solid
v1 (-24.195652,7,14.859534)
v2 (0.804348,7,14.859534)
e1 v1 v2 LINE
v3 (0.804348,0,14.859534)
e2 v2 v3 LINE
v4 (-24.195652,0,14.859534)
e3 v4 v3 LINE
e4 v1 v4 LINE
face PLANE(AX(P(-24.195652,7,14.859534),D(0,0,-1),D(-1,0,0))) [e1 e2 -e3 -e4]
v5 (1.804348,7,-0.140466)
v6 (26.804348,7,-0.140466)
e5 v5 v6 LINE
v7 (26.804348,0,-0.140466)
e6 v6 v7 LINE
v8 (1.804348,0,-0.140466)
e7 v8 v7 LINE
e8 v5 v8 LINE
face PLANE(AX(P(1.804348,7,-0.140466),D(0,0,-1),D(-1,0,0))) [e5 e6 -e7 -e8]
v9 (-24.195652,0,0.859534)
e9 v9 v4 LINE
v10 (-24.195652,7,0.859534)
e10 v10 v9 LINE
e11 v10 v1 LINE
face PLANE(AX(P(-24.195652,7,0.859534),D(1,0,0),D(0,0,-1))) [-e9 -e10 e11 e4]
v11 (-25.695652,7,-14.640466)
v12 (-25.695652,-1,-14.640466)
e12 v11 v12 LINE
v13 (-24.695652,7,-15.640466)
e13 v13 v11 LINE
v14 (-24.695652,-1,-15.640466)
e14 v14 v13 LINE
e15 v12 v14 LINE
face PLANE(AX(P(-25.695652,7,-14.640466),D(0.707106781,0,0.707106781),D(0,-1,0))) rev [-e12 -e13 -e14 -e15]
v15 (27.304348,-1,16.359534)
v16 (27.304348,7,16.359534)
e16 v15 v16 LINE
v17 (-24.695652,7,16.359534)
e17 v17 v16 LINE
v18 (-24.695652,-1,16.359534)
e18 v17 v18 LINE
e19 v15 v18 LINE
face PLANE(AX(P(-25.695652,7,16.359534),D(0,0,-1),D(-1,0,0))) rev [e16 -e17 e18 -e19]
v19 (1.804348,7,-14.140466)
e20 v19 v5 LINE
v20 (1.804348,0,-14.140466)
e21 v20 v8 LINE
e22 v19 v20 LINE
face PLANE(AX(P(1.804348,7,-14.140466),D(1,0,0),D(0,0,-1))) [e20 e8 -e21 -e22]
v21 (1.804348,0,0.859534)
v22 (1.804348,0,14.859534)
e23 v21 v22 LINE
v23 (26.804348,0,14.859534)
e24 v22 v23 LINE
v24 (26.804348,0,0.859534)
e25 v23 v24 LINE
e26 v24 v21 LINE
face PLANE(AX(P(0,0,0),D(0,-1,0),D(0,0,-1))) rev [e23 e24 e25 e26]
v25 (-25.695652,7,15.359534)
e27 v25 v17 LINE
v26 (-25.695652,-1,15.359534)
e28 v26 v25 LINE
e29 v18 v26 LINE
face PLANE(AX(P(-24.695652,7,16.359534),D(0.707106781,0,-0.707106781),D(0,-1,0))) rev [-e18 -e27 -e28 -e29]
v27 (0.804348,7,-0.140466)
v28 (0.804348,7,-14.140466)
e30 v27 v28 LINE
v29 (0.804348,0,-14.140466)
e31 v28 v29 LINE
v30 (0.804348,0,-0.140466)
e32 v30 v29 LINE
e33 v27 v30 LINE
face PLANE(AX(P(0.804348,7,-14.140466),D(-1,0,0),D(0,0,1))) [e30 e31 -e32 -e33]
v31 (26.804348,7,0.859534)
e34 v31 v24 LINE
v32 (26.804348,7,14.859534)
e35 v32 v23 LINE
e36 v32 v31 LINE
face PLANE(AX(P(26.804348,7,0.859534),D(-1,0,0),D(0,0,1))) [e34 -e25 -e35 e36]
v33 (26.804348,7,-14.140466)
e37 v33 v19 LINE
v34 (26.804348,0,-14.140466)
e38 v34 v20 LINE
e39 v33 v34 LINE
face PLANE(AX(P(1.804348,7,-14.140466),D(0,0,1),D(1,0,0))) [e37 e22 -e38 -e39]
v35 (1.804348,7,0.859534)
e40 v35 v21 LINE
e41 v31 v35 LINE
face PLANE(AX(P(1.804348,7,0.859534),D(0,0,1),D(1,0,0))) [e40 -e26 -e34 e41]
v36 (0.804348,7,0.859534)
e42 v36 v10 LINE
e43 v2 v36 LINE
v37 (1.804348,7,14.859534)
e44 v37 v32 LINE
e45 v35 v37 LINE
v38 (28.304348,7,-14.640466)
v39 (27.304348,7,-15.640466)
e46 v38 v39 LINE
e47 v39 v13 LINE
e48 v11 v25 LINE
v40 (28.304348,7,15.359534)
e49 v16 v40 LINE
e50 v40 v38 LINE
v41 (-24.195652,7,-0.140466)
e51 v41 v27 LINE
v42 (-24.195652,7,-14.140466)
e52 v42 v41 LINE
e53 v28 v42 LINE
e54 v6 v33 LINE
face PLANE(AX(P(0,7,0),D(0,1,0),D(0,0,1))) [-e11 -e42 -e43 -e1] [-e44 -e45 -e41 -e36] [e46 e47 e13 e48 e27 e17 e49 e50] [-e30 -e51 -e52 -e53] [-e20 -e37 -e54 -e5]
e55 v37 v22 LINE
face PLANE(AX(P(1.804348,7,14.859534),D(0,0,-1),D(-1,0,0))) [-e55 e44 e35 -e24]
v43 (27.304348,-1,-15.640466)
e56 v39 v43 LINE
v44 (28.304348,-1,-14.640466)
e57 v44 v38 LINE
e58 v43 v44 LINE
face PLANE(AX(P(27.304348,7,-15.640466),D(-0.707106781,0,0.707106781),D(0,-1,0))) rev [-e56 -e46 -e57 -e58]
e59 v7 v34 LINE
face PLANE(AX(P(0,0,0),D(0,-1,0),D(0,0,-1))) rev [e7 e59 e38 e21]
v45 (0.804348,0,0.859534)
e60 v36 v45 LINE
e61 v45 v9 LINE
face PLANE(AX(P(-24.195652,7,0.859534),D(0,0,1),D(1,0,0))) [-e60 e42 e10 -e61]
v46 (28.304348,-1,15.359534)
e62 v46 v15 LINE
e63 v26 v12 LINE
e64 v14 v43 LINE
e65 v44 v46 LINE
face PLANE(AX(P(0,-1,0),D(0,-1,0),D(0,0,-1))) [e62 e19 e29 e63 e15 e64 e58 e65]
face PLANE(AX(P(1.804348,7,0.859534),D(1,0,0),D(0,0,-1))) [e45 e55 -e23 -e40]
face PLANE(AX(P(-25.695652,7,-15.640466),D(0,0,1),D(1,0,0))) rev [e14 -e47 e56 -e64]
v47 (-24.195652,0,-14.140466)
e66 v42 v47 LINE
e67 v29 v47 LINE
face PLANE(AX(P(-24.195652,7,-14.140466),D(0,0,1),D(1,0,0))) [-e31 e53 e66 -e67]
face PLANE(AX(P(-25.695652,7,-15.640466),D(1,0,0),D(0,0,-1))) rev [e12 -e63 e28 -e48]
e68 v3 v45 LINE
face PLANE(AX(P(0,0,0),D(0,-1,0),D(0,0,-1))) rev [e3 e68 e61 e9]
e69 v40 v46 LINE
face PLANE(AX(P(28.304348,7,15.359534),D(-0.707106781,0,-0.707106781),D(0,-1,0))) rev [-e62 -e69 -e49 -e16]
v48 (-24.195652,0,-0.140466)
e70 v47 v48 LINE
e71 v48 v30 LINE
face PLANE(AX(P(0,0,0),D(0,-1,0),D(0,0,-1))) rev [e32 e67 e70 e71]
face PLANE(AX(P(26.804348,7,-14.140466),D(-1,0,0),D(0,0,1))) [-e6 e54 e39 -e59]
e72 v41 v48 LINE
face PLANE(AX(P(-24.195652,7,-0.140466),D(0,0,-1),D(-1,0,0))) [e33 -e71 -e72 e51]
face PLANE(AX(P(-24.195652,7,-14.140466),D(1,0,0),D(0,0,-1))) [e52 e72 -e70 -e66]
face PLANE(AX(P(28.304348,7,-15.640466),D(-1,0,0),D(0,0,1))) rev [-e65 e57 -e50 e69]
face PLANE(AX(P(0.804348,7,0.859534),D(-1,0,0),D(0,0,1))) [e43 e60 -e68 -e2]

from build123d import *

# Parameters (mm, degrees)
SKETCH1_W           = 54
SKETCH1_H           = 32
SKETCH1_W_2         = 25
SKETCH1_H_2         = 14
BOSS_EXTRUDE1_DEPTH = 7
SKETCH2_W           = 54
SKETCH2_H           = 32
BOSS_EXTRUDE2_DEPTH = 1
CHAMFER1_SIZE       = 1


with BuildPart() as part:
    # Sketch1 → Boss-Extrude1 (new body)
    with BuildSketch(Plane(origin=(0, 0, 0), x_dir=(1, 0, 0), z_dir=(0, 1, 0))):
        with Locations((1.304347826, -0.359533527)):
            Rectangle(SKETCH1_W, SKETCH1_H)
        with Locations((-11.695652174, 7.140466473)):
            Rectangle(SKETCH1_W_2, SKETCH1_H_2, mode=Mode.SUBTRACT)
        with Locations((-11.695652174, -7.859533527)):
            Rectangle(SKETCH1_W_2, SKETCH1_H_2, mode=Mode.SUBTRACT)
        with Locations((14.304347826, 7.140466473)):
            Rectangle(SKETCH1_W_2, SKETCH1_H_2, mode=Mode.SUBTRACT)
        with Locations((14.304347826, -7.859533527)):
            Rectangle(SKETCH1_W_2, SKETCH1_H_2, mode=Mode.SUBTRACT)
    extrude(amount=BOSS_EXTRUDE1_DEPTH)

    # Sketch2 → Boss-Extrude2 (add)
    with BuildSketch(Plane.XZ):
        with Locations((1.304347826, 0.359533527)):
            Rectangle(SKETCH2_W, SKETCH2_H)
    extrude(amount=BOSS_EXTRUDE2_DEPTH)

    # Chamfer1
    chamfer1_edges = [part.edges().sort_by_distance(p)[0] for p in [
        (-25.695652174, 3, -15.640466473),
        (28.304347826, 3, -15.640466473),
        (28.304347826, 3, 16.359533527),
        (-25.695652174, 3, 16.359533527),
    ]]
    chamfer(chamfer1_edges, length=CHAMFER1_SIZE)


solid = part.part
